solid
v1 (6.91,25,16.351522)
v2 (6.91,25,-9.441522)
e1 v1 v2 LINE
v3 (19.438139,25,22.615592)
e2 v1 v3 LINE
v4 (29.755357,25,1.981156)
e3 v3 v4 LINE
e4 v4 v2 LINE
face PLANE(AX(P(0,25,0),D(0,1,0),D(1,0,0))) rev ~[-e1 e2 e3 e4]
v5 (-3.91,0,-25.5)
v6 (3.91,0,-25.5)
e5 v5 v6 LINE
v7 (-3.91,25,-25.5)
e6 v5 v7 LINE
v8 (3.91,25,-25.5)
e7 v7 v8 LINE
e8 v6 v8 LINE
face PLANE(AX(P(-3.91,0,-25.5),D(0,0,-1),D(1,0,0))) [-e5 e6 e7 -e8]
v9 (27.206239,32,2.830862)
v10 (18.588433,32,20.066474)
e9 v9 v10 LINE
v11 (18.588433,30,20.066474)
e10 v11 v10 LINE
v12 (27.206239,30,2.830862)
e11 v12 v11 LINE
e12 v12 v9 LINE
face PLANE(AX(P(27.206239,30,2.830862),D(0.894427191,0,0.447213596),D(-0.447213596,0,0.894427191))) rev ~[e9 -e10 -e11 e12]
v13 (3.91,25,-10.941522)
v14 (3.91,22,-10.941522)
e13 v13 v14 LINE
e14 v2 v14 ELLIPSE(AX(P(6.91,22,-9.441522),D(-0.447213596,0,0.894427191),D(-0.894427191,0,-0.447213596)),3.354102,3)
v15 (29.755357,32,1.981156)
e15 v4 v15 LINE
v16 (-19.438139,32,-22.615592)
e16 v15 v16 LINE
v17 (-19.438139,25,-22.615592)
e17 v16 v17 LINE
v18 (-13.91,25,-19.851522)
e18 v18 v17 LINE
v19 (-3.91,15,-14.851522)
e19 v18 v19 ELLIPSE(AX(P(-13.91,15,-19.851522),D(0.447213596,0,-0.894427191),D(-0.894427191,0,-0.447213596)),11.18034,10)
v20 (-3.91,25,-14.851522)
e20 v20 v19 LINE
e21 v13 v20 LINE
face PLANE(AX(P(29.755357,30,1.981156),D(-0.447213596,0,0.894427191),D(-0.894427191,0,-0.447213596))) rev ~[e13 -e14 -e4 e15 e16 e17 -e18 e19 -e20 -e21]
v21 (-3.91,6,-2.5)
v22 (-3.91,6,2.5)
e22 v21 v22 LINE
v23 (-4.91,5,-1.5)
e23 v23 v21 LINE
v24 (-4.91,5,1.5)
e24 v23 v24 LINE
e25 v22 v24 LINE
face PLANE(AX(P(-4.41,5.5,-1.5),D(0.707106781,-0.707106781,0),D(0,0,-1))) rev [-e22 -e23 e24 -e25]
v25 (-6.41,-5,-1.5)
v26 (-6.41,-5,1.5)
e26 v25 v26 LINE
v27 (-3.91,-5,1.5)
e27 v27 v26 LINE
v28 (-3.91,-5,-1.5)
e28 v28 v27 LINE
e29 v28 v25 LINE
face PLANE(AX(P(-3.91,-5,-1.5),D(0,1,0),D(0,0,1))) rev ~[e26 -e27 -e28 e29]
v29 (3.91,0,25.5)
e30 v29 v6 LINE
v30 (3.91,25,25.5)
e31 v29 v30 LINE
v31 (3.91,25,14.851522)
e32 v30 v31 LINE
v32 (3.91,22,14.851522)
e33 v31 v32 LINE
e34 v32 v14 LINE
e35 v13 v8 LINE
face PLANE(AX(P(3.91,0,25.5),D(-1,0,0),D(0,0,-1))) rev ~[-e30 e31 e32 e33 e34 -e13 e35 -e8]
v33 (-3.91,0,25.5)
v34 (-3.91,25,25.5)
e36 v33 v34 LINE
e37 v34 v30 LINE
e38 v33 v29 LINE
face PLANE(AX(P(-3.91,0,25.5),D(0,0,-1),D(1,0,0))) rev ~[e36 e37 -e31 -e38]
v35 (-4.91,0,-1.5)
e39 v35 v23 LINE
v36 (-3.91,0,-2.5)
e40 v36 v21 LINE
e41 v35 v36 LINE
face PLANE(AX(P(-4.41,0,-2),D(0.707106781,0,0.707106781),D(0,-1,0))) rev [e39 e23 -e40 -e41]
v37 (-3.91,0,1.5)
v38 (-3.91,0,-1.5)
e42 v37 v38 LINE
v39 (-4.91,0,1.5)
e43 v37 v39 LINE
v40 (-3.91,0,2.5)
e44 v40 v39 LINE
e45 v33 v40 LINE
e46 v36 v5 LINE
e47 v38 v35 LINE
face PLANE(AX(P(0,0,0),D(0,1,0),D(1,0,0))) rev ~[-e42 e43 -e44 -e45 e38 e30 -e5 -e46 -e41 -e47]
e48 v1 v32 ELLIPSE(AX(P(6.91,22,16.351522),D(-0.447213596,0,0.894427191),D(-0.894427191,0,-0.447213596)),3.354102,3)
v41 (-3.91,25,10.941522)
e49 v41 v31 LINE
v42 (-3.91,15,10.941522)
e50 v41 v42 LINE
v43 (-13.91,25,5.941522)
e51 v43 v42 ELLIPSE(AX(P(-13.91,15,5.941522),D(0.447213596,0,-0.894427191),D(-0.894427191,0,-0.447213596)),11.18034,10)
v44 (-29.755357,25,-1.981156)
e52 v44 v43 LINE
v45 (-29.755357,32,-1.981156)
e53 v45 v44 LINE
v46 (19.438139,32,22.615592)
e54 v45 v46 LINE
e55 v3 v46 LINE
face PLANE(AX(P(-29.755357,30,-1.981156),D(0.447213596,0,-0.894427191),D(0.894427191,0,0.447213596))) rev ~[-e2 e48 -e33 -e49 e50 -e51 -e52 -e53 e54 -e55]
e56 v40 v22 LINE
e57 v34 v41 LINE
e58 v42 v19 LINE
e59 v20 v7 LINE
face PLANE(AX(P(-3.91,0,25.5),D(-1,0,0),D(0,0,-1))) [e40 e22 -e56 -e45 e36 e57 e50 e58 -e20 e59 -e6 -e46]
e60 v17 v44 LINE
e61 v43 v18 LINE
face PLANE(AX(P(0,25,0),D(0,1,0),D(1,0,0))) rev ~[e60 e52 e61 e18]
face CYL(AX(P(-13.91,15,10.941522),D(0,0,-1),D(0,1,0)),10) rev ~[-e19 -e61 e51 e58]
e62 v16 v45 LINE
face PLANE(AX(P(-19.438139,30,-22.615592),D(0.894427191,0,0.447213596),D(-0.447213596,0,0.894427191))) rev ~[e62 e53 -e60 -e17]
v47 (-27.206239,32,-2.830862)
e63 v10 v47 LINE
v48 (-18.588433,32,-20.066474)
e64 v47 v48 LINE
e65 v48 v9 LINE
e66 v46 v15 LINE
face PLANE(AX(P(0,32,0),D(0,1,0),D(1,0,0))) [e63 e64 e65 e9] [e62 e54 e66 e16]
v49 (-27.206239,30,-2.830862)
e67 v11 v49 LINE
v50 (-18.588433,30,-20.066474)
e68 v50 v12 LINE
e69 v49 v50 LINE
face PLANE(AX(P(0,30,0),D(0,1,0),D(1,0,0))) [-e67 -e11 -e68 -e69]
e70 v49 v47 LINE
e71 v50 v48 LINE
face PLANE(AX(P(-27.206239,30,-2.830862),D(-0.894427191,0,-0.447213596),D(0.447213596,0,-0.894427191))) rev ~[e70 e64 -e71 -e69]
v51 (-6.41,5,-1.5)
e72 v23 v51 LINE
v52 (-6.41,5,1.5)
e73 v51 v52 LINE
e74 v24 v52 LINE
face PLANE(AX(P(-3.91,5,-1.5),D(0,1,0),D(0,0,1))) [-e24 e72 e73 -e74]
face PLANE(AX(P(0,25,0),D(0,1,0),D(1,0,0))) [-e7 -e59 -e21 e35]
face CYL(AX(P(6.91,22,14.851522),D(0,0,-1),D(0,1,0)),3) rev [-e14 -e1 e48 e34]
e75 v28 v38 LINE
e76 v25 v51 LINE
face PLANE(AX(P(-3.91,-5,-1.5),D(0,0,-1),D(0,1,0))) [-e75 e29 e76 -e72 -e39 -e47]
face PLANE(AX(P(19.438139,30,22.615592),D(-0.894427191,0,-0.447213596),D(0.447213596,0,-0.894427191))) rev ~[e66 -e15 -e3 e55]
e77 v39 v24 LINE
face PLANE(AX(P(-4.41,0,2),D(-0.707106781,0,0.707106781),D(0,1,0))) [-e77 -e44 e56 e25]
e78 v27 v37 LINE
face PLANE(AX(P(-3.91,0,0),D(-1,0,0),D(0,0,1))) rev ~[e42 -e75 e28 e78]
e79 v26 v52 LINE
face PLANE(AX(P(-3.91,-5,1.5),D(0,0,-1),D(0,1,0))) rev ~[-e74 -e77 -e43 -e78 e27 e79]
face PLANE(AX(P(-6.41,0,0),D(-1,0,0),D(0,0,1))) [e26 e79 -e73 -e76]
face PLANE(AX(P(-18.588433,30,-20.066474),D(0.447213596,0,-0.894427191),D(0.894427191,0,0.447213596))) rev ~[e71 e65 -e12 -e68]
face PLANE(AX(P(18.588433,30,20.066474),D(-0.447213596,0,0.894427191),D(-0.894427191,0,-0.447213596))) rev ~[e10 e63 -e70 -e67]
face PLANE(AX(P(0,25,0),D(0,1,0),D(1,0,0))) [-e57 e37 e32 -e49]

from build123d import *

# Parameters (mm, degrees)
SKETCH1_W           = 7.82
SKETCH1_H           = 51
BOSS_EXTRUDE1_DEPTH = 25
BOSS_EXTRUDE2_DEPTH = 5
BOSS_EXTRUDE3_DEPTH = 2
FILLET1_R           = 10
FILLET2_R           = 3
SKETCH4_W           = 3
SKETCH4_H           = 10
BOSS_EXTRUDE4_DEPTH = 2.5
CHAMFER1_SIZE       = 1


with BuildPart() as part:
    # Sketch1 → Boss-Extrude1 (new body)
    with BuildSketch(Plane(origin=(0, 0, 0), x_dir=(1, 0, 0), z_dir=(0, 1, 0))):
        Rectangle(SKETCH1_W, SKETCH1_H)
    extrude(amount=BOSS_EXTRUDE1_DEPTH)

    # Sketch2 → Boss-Extrude2 (add)
    with BuildSketch(Plane(origin=(0, 25, 0), x_dir=(1, 0, 0), z_dir=(0, 1, 0))):
        Polygon((-29.755356576, 1.98115624), (19.438138919, -22.615591532), (29.755356576, -1.98115624), (-19.438138919, 22.615591532), align=None)
    extrude(amount=BOSS_EXTRUDE2_DEPTH)

    # Sketch3 → Boss-Extrude3 (add)
    with BuildSketch(Plane(origin=(0, 30, 0), x_dir=(1, 0, 0), z_dir=(0, 1, 0))):
        Polygon((-29.755356576, 1.98115624), (19.438138919, -22.615591532), (29.755356576, -1.98115624), (-19.438138919, 22.615591532), align=None)
        Polygon((18.588433089, -20.066474038), (-27.206239081, 2.83086207), (-18.588433089, 20.066474038), (27.206239081, -2.83086207), align=None, mode=Mode.SUBTRACT)
    extrude(amount=BOSS_EXTRUDE3_DEPTH)

    # Fillet1
    fillet1_edges = [part.edges().sort_by_distance(p)[0] for p in [
        (-3.91, 25, -1.955000002),
    ]]
    fillet(fillet1_edges, radius=FILLET1_R)

    # Fillet2
    fillet2_edges = [part.edges().sort_by_distance(p)[0] for p in [
        (3.91, 25, 1.955000002),
    ]]
    fillet(fillet2_edges, radius=FILLET2_R)

    # Sketch4 → Boss-Extrude4 (add)
    with BuildSketch(Plane.ZY.offset(3.91)):
        Rectangle(SKETCH4_W, SKETCH4_H)
    extrude(amount=BOSS_EXTRUDE4_DEPTH)

    # Chamfer1
    chamfer1_edges = [part.edges().sort_by_distance(p)[0] for p in [
        (-3.91, 2.5, 1.5),
        (-3.91, 5, 0),
        (-3.91, 2.5, -1.5),
    ]]
    chamfer(chamfer1_edges, length=CHAMFER1_SIZE)


solid = part.part
